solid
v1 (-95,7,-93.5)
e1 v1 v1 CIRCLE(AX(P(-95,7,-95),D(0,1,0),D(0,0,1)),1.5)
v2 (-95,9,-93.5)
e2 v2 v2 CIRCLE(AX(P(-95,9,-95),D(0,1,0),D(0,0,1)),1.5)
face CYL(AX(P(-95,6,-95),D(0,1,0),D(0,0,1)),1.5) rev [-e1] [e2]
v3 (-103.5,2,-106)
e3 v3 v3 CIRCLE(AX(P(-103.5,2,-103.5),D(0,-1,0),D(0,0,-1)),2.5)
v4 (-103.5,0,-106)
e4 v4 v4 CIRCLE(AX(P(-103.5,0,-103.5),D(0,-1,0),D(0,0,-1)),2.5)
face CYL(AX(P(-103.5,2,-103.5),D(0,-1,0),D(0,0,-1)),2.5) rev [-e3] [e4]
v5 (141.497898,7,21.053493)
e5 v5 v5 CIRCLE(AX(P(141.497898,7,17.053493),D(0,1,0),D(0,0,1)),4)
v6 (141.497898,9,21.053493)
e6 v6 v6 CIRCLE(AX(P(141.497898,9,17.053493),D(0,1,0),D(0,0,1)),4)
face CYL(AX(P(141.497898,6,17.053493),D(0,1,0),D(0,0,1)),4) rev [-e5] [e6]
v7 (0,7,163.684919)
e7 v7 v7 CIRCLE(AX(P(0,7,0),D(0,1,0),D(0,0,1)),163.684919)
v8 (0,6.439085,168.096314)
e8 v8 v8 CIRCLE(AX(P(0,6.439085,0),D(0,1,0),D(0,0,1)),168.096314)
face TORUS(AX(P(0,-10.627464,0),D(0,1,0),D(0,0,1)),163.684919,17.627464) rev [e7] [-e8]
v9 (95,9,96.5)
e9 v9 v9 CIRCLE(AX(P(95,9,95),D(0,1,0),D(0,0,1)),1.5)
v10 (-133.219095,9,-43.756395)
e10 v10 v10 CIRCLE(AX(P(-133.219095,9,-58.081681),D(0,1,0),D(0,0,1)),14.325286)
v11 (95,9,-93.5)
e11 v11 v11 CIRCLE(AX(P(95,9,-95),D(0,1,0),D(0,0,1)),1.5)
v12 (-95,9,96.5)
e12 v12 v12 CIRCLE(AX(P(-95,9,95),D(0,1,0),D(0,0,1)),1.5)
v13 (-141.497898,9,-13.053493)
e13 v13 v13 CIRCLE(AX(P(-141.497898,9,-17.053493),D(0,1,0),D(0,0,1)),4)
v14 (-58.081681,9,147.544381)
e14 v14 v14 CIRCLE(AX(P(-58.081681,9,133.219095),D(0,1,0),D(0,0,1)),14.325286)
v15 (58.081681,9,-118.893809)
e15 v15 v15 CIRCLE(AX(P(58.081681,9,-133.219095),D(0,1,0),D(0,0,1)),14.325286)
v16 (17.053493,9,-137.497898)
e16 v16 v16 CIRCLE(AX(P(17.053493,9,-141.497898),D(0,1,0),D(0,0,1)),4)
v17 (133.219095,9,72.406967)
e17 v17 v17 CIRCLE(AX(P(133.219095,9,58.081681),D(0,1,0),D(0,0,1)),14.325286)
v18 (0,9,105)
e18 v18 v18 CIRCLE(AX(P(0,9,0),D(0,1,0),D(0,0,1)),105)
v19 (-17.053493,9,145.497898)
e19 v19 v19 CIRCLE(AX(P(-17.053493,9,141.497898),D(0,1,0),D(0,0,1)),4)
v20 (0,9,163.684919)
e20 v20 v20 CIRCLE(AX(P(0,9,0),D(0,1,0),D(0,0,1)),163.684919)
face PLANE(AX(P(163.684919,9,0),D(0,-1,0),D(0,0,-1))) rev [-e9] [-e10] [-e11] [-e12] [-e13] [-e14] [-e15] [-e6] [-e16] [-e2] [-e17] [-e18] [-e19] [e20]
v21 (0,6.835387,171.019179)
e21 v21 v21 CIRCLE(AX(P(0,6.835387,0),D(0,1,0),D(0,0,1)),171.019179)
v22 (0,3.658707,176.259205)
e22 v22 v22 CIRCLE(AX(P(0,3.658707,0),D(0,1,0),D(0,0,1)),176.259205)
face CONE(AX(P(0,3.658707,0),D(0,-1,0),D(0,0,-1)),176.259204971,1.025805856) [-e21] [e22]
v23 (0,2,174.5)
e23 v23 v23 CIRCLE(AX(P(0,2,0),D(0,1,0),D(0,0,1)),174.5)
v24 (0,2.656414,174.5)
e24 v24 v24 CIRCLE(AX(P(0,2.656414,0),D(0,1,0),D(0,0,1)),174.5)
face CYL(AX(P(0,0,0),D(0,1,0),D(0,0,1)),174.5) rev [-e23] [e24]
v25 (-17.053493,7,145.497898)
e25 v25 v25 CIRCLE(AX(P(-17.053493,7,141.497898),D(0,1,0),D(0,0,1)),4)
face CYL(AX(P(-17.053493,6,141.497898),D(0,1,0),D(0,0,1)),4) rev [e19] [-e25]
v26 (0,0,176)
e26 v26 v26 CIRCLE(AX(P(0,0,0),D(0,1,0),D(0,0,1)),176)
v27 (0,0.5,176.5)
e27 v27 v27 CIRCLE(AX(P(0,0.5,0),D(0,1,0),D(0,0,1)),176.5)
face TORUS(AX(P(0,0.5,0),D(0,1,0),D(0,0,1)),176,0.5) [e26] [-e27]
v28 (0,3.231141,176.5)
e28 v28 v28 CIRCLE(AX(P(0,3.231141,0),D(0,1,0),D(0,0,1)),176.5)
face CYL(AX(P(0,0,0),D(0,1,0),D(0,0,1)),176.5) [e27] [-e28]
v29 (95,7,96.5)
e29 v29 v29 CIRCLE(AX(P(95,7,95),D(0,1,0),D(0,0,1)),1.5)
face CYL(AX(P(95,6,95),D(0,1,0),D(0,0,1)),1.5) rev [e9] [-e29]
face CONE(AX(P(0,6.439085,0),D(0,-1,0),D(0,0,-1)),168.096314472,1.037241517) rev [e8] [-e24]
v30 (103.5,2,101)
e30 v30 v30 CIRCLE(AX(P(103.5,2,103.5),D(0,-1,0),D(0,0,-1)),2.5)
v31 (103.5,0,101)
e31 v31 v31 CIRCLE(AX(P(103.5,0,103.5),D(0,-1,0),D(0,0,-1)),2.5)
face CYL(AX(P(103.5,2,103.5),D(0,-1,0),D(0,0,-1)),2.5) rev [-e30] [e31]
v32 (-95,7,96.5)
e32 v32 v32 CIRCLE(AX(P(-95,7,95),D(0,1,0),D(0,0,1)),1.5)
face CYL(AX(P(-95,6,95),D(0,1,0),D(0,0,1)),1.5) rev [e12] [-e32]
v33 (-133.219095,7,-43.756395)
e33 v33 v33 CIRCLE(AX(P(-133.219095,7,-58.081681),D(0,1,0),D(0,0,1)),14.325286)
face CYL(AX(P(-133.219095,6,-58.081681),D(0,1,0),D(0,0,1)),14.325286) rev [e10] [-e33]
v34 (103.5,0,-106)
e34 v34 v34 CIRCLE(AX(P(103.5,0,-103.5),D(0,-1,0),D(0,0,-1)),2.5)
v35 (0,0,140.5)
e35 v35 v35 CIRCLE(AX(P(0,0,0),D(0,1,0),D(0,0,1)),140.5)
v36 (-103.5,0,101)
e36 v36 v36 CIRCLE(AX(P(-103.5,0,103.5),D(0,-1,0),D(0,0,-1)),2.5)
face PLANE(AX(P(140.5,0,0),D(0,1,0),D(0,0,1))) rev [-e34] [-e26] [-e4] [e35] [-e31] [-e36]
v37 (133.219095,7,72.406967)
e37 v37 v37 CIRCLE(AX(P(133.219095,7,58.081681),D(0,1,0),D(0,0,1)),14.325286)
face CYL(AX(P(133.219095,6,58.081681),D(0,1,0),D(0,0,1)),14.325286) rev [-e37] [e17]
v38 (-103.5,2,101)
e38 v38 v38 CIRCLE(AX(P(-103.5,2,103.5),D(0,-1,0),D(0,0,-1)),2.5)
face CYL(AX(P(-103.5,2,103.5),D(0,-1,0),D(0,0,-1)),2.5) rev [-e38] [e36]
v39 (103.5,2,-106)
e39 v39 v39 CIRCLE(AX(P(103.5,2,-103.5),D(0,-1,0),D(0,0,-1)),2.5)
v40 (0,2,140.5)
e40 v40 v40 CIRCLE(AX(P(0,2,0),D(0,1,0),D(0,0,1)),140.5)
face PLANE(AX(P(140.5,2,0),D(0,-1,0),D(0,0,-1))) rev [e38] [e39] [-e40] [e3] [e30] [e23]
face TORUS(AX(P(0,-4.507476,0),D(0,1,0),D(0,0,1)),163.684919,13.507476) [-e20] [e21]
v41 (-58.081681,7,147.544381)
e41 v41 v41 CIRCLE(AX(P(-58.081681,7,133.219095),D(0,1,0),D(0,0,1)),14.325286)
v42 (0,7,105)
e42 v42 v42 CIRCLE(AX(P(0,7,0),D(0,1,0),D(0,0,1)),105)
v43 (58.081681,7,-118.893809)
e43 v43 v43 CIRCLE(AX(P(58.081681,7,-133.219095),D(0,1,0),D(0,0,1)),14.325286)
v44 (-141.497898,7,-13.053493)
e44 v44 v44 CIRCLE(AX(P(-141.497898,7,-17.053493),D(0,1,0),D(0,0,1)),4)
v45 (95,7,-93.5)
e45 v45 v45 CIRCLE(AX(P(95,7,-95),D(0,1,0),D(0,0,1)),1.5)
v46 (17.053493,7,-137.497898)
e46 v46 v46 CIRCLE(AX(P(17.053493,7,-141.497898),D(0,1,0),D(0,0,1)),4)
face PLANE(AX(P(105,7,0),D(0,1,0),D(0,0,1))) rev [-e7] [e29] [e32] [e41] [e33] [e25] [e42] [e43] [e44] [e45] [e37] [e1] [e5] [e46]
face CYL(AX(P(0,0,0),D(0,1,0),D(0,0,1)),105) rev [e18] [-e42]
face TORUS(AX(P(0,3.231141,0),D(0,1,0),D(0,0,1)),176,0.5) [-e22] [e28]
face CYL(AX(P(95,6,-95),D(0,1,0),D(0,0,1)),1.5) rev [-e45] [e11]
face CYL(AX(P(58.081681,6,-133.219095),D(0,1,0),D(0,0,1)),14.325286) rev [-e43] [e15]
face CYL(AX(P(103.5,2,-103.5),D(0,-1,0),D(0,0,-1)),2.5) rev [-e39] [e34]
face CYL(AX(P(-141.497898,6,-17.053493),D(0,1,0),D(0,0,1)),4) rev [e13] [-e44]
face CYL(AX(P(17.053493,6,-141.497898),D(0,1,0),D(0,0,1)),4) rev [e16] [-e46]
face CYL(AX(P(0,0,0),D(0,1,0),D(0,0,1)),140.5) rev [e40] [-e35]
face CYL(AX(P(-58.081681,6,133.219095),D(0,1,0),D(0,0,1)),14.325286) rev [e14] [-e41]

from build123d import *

# Parameters (mm, degrees)
SKETCH_3_R          = 14.325286012
CUT_EXTRUDE_2_DEPTH = 3
SKETCH_4_R          = 4
CUT_EXTRUDE_3_DEPTH = 3
SKETCH_5_R          = 2.5
CUT_EXTRUDE_4_DEPTH = 2
SKETCH_6_R          = 1.5
CUT_EXTRUDE_5_DEPTH = 3


with BuildPart() as part:
    # 草图1 → 旋转1 (revolve)
    with BuildSketch(Plane.XY):
        with BuildLine():
            Line((163.684919254, 9), (105, 9))
            Line((105, 9), (105, 7))
            Line((105, 7), (163.684919254, 7))
            ThreePointArc((163.684919254, 7), (165.90837568, 6.859208887), (168.096314472, 6.439084553))
            Line((168.096314472, 6.439084553), (174.5, 2.656413608))
            Line((174.5, 2.656413608), (174.5, 2))
            Line((174.5, 2), (140.5, 2))
            Line((140.5, 2), (140.5, 0))
            Line((140.5, 0), (176, 0))
            ThreePointArc((176, 0), (176.353553391, 0.146446609), (176.5, 0.5))
            Line((176.5, 0.5), (176.5, 3.231140782))
            ThreePointArc((176.5, 3.231140782), (176.435661844, 3.476495133), (176.259204971, 3.658706898))
            Line((176.259204971, 3.658706898), (171.019179277, 6.835386852))
            ThreePointArc((171.019179277, 6.835386852), (167.508429427, 8.447549196), (163.684919254, 9))
        make_face()
    revolve(axis=Axis((0, 0, 0), (0, -1, 0)))

    # 草图3 → 切除-拉伸2 (cut)
    with BuildSketch(Plane(origin=(0, 9, 0), x_dir=(1, 0, 0), z_dir=(0, 1, 0))):
        with Locations((58.081681413, 133.219094668)):
            Circle(SKETCH_3_R)
        with Locations((133.219094668, -58.081681413)):
            Circle(SKETCH_3_R)
        with Locations((-58.081681413, -133.219094668)):
            Circle(SKETCH_3_R)
        with Locations((-133.219094668, 58.081681413)):
            Circle(SKETCH_3_R)
    extrude(amount=-CUT_EXTRUDE_2_DEPTH, mode=Mode.SUBTRACT)

    # 草图4 → 切除-拉伸3 (cut)
    with BuildSketch(Plane(origin=(0, 9, 0), x_dir=(1, 0, 0), z_dir=(0, 1, 0))):
        with Locations((17.053492548, 141.497897625)):
            Circle(SKETCH_4_R)
        with Locations((141.497897625, -17.053492548)):
            Circle(SKETCH_4_R)
        with Locations((-17.053492548, -141.497897625)):
            Circle(SKETCH_4_R)
        with Locations((-141.497897625, 17.053492548)):
            Circle(SKETCH_4_R)
    extrude(amount=-CUT_EXTRUDE_3_DEPTH, mode=Mode.SUBTRACT)

    # 草图5 → 切除-拉伸4 (cut)
    with BuildSketch(Plane.XZ):
        with Locations((-103.5, 103.5)):
            Circle(SKETCH_5_R)
        with Locations((103.5, 103.5)):
            Circle(SKETCH_5_R)
        with Locations((103.5, -103.5)):
            Circle(SKETCH_5_R)
        with Locations((-103.5, -103.5)):
            Circle(SKETCH_5_R)
    extrude(amount=-CUT_EXTRUDE_4_DEPTH, mode=Mode.SUBTRACT)

    # 草图6 → 切除-拉伸5 (cut)
    with BuildSketch(Plane(origin=(0, 9, 0), x_dir=(1, 0, 0), z_dir=(0, 1, 0))):
        with Locations((-95, 95)):
            Circle(SKETCH_6_R)
        with Locations((95, 95)):
            Circle(SKETCH_6_R)
        with Locations((95, -95)):
            Circle(SKETCH_6_R)
        with Locations((-95, -95)):
            Circle(SKETCH_6_R)
    extrude(amount=-CUT_EXTRUDE_5_DEPTH, mode=Mode.SUBTRACT)


solid = part.part
